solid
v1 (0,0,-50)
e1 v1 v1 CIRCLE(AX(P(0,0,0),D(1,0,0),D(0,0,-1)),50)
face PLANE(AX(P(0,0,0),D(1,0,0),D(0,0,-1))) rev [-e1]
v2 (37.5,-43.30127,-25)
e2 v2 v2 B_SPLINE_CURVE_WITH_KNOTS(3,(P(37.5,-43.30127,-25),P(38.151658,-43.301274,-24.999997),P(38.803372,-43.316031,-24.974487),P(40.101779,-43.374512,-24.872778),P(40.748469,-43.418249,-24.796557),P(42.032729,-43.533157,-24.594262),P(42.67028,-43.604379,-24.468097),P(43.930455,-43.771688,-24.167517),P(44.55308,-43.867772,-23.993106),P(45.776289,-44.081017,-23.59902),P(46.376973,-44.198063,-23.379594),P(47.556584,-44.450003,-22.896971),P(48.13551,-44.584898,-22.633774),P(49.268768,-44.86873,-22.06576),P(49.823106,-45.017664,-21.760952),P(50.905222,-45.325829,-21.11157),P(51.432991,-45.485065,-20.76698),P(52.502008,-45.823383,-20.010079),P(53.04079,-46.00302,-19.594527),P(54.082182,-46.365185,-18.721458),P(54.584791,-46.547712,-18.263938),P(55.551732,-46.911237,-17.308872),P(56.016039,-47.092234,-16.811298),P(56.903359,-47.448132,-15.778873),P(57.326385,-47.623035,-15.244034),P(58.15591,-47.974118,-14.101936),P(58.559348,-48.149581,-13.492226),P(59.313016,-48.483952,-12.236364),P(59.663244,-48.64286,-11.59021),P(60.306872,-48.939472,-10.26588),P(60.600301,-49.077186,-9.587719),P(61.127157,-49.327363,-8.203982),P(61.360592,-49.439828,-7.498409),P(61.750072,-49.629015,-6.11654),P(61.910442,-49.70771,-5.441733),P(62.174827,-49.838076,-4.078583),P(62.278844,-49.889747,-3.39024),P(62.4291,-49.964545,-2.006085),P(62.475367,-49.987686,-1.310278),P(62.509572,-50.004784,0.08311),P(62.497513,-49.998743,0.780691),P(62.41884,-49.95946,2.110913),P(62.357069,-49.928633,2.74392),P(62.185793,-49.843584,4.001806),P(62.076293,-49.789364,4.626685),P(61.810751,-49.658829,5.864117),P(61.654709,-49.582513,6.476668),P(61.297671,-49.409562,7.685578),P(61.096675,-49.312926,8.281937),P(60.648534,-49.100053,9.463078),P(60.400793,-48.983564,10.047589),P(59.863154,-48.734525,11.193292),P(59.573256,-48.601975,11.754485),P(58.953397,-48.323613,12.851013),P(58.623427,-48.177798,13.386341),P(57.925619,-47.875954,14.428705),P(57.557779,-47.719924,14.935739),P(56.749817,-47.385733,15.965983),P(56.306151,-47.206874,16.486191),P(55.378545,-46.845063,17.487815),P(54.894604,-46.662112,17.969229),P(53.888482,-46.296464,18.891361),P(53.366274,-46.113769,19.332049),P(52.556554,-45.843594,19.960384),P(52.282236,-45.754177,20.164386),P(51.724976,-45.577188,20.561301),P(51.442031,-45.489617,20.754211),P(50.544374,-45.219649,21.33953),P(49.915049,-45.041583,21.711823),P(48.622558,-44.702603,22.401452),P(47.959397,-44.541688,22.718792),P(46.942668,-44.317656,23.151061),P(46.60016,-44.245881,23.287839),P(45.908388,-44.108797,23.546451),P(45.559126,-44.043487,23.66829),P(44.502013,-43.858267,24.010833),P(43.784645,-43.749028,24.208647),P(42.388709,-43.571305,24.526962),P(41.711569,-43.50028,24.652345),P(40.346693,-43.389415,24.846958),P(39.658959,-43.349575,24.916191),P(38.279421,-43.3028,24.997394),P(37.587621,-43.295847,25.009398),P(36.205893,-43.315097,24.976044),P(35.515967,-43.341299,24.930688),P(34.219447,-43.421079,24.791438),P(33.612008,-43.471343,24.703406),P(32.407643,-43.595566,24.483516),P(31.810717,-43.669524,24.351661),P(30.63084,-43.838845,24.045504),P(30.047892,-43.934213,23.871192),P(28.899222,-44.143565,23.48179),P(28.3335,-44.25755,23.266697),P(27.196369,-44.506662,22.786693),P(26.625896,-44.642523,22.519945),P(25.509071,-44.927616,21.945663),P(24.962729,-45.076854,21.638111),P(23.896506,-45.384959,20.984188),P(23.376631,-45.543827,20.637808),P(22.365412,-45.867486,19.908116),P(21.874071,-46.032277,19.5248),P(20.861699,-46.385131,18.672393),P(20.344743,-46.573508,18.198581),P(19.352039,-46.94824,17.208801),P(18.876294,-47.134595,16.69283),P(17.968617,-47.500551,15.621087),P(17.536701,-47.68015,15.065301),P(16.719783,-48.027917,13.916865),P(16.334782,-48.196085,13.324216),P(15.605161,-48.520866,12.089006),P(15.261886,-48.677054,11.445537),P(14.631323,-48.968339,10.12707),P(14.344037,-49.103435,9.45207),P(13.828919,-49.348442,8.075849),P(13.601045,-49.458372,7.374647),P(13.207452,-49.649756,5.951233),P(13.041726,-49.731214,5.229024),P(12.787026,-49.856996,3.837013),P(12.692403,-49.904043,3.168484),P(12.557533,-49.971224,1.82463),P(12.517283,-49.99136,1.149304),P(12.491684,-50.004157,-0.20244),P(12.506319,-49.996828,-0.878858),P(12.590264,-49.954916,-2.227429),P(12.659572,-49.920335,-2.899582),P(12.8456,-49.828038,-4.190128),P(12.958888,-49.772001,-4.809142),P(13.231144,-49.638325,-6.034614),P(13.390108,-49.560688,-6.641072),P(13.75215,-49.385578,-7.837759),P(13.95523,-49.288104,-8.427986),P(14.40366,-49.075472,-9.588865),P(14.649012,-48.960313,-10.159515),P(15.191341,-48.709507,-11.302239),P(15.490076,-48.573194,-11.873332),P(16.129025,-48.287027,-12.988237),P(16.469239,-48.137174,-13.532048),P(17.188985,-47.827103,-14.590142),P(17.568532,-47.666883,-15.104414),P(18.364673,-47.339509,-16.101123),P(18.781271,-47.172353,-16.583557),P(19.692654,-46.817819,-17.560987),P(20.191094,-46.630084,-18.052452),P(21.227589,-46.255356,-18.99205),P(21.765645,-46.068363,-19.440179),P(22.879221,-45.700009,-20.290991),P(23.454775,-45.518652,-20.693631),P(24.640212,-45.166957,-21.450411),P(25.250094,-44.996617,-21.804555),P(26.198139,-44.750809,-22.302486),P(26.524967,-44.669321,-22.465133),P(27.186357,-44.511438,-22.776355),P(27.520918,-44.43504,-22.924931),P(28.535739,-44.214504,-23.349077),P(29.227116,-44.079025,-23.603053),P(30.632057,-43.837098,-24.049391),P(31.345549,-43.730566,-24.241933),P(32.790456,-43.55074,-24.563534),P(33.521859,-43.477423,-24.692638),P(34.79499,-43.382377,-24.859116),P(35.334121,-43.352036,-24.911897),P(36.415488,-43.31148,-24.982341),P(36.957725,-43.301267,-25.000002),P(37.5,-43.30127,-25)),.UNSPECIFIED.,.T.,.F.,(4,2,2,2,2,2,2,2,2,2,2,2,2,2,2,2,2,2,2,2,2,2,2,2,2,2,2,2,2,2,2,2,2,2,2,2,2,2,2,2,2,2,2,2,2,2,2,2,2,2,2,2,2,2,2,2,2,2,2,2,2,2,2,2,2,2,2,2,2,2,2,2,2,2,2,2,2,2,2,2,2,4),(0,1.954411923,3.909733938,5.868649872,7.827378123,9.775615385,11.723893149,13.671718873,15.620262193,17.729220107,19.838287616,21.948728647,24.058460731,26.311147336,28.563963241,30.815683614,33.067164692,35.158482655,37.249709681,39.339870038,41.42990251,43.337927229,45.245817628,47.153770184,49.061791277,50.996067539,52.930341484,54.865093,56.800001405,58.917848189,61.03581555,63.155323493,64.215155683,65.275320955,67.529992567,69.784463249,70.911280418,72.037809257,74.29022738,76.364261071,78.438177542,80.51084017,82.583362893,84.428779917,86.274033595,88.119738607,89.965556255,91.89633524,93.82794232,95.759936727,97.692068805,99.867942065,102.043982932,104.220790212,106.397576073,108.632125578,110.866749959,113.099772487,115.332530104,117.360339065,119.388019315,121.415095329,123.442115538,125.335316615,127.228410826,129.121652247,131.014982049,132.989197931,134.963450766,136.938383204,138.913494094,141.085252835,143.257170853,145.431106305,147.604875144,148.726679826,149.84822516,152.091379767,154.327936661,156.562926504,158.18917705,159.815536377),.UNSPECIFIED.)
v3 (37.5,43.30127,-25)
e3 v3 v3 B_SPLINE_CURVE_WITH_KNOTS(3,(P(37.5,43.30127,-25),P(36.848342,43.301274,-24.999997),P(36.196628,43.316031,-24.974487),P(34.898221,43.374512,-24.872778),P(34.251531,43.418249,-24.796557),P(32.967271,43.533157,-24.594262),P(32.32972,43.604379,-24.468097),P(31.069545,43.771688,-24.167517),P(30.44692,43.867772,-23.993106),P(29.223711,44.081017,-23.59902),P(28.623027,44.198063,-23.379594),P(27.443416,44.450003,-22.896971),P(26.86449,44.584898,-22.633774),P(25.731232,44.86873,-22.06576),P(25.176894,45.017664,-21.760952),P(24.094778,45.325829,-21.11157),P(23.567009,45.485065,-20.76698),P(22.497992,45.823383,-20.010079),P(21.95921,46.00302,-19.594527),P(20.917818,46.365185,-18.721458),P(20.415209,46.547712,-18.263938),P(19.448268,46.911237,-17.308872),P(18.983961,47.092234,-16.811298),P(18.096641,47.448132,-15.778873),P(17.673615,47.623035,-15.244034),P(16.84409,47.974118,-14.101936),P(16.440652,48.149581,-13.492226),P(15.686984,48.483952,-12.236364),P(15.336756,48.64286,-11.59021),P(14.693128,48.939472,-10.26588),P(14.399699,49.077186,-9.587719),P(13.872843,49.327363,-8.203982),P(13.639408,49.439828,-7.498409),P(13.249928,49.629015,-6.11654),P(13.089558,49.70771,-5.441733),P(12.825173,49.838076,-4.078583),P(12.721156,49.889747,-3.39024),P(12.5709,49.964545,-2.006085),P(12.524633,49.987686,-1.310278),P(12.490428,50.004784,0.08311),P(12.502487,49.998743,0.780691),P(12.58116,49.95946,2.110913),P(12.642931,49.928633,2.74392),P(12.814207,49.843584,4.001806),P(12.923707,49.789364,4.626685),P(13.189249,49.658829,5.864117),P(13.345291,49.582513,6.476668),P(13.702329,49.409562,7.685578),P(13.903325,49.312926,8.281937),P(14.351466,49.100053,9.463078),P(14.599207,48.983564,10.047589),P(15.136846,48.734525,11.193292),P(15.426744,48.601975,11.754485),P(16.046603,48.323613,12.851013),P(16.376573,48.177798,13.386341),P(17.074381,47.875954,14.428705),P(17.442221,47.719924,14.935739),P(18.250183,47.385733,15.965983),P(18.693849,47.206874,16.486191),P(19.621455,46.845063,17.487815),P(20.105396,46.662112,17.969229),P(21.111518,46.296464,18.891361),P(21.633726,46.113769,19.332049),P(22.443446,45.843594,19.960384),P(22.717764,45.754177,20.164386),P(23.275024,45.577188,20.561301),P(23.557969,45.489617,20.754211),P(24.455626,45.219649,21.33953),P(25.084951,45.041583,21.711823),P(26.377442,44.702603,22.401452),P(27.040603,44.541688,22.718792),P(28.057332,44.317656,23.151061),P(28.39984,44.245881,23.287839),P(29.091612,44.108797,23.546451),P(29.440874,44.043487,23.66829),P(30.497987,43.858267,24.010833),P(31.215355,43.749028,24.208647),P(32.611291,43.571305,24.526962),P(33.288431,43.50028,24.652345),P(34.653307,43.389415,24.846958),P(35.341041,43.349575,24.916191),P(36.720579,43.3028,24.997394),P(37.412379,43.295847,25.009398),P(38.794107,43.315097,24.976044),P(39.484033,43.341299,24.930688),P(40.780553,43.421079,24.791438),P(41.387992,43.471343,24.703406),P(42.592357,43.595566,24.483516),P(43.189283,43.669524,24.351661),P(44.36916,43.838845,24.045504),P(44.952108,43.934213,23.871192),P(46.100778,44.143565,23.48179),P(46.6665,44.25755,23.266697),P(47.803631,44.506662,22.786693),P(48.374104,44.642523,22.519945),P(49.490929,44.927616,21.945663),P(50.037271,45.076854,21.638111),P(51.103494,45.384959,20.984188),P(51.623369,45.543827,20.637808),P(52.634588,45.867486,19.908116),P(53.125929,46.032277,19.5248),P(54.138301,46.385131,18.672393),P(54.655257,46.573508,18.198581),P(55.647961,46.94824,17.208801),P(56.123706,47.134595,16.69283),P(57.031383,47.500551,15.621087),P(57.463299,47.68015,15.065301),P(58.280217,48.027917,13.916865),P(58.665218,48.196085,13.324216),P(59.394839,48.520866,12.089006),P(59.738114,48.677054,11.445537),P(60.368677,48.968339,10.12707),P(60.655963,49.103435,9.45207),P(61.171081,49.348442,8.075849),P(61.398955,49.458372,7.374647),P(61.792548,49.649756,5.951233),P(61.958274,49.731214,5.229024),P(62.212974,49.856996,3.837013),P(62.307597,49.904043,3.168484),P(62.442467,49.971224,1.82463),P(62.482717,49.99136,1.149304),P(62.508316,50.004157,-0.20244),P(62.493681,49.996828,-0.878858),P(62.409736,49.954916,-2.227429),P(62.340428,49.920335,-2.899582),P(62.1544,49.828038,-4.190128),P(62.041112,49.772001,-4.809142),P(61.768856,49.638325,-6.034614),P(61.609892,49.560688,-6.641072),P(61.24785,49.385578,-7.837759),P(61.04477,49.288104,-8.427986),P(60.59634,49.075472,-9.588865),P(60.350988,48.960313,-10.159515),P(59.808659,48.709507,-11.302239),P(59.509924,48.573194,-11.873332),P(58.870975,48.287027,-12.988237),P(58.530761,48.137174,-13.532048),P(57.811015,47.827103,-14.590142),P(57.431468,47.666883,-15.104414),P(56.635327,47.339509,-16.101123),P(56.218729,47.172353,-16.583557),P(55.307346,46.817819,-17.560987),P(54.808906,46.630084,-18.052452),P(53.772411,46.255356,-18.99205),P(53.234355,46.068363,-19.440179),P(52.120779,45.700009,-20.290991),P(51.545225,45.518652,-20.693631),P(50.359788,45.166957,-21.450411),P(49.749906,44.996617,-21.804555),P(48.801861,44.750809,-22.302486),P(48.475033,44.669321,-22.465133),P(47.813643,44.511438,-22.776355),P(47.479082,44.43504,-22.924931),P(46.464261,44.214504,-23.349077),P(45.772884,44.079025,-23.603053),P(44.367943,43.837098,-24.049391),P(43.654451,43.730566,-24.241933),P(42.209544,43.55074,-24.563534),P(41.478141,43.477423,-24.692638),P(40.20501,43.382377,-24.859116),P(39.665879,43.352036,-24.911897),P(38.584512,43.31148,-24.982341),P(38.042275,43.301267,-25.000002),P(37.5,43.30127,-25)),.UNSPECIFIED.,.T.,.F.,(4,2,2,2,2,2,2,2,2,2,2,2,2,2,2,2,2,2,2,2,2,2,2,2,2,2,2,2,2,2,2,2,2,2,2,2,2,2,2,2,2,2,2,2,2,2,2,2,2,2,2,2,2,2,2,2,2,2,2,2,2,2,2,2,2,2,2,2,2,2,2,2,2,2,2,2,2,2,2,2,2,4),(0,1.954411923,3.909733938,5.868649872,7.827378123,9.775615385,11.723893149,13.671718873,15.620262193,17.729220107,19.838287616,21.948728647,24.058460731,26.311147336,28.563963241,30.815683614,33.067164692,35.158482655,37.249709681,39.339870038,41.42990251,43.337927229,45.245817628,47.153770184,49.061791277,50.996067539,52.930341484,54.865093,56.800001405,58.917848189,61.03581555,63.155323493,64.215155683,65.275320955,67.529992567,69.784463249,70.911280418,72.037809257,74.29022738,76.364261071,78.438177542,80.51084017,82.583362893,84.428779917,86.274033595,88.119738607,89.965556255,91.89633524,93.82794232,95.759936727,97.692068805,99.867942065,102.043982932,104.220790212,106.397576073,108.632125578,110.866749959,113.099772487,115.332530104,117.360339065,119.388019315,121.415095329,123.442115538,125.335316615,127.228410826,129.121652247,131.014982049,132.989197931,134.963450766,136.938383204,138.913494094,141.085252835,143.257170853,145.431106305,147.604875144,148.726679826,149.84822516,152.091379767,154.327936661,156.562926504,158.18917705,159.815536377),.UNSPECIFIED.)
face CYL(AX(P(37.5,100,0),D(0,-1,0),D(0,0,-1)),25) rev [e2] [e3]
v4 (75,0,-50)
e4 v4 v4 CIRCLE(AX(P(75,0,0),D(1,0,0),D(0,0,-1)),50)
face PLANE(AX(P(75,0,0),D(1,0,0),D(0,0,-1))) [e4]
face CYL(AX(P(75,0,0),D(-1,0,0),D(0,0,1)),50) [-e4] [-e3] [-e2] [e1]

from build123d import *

# Parameters (mm, degrees)
SKETCH1_R               = 50
BOSS_EXTRUDE1_DEPTH     = 75
CUT_EXTRUDE1_DEPTH      = 100
CUT_EXTRUDE1_DEPTH_BACK = 100
SKETCH2_R               = 25


with BuildPart() as part:
    # Sketch1 → Boss-Extrude1 (new body)
    with BuildSketch(Plane(origin=(0, 0, 0), x_dir=(0, 0, -1), z_dir=(1, 0, 0))):
        Circle(SKETCH1_R)
    extrude(amount=BOSS_EXTRUDE1_DEPTH)

    # Sketch2 → Cut-Extrude1 (cut, two sides: drawn at the far end of the back side and taken through both)
    with BuildSketch(Plane(origin=(0, 0, 0), x_dir=(1, 0, 0), z_dir=(0, 1, 0)).offset(-CUT_EXTRUDE1_DEPTH_BACK)):
        with Locations((37.5, 0)):
            Circle(SKETCH2_R)
    extrude(amount=CUT_EXTRUDE1_DEPTH + CUT_EXTRUDE1_DEPTH_BACK, mode=Mode.SUBTRACT)


solid = part.part
